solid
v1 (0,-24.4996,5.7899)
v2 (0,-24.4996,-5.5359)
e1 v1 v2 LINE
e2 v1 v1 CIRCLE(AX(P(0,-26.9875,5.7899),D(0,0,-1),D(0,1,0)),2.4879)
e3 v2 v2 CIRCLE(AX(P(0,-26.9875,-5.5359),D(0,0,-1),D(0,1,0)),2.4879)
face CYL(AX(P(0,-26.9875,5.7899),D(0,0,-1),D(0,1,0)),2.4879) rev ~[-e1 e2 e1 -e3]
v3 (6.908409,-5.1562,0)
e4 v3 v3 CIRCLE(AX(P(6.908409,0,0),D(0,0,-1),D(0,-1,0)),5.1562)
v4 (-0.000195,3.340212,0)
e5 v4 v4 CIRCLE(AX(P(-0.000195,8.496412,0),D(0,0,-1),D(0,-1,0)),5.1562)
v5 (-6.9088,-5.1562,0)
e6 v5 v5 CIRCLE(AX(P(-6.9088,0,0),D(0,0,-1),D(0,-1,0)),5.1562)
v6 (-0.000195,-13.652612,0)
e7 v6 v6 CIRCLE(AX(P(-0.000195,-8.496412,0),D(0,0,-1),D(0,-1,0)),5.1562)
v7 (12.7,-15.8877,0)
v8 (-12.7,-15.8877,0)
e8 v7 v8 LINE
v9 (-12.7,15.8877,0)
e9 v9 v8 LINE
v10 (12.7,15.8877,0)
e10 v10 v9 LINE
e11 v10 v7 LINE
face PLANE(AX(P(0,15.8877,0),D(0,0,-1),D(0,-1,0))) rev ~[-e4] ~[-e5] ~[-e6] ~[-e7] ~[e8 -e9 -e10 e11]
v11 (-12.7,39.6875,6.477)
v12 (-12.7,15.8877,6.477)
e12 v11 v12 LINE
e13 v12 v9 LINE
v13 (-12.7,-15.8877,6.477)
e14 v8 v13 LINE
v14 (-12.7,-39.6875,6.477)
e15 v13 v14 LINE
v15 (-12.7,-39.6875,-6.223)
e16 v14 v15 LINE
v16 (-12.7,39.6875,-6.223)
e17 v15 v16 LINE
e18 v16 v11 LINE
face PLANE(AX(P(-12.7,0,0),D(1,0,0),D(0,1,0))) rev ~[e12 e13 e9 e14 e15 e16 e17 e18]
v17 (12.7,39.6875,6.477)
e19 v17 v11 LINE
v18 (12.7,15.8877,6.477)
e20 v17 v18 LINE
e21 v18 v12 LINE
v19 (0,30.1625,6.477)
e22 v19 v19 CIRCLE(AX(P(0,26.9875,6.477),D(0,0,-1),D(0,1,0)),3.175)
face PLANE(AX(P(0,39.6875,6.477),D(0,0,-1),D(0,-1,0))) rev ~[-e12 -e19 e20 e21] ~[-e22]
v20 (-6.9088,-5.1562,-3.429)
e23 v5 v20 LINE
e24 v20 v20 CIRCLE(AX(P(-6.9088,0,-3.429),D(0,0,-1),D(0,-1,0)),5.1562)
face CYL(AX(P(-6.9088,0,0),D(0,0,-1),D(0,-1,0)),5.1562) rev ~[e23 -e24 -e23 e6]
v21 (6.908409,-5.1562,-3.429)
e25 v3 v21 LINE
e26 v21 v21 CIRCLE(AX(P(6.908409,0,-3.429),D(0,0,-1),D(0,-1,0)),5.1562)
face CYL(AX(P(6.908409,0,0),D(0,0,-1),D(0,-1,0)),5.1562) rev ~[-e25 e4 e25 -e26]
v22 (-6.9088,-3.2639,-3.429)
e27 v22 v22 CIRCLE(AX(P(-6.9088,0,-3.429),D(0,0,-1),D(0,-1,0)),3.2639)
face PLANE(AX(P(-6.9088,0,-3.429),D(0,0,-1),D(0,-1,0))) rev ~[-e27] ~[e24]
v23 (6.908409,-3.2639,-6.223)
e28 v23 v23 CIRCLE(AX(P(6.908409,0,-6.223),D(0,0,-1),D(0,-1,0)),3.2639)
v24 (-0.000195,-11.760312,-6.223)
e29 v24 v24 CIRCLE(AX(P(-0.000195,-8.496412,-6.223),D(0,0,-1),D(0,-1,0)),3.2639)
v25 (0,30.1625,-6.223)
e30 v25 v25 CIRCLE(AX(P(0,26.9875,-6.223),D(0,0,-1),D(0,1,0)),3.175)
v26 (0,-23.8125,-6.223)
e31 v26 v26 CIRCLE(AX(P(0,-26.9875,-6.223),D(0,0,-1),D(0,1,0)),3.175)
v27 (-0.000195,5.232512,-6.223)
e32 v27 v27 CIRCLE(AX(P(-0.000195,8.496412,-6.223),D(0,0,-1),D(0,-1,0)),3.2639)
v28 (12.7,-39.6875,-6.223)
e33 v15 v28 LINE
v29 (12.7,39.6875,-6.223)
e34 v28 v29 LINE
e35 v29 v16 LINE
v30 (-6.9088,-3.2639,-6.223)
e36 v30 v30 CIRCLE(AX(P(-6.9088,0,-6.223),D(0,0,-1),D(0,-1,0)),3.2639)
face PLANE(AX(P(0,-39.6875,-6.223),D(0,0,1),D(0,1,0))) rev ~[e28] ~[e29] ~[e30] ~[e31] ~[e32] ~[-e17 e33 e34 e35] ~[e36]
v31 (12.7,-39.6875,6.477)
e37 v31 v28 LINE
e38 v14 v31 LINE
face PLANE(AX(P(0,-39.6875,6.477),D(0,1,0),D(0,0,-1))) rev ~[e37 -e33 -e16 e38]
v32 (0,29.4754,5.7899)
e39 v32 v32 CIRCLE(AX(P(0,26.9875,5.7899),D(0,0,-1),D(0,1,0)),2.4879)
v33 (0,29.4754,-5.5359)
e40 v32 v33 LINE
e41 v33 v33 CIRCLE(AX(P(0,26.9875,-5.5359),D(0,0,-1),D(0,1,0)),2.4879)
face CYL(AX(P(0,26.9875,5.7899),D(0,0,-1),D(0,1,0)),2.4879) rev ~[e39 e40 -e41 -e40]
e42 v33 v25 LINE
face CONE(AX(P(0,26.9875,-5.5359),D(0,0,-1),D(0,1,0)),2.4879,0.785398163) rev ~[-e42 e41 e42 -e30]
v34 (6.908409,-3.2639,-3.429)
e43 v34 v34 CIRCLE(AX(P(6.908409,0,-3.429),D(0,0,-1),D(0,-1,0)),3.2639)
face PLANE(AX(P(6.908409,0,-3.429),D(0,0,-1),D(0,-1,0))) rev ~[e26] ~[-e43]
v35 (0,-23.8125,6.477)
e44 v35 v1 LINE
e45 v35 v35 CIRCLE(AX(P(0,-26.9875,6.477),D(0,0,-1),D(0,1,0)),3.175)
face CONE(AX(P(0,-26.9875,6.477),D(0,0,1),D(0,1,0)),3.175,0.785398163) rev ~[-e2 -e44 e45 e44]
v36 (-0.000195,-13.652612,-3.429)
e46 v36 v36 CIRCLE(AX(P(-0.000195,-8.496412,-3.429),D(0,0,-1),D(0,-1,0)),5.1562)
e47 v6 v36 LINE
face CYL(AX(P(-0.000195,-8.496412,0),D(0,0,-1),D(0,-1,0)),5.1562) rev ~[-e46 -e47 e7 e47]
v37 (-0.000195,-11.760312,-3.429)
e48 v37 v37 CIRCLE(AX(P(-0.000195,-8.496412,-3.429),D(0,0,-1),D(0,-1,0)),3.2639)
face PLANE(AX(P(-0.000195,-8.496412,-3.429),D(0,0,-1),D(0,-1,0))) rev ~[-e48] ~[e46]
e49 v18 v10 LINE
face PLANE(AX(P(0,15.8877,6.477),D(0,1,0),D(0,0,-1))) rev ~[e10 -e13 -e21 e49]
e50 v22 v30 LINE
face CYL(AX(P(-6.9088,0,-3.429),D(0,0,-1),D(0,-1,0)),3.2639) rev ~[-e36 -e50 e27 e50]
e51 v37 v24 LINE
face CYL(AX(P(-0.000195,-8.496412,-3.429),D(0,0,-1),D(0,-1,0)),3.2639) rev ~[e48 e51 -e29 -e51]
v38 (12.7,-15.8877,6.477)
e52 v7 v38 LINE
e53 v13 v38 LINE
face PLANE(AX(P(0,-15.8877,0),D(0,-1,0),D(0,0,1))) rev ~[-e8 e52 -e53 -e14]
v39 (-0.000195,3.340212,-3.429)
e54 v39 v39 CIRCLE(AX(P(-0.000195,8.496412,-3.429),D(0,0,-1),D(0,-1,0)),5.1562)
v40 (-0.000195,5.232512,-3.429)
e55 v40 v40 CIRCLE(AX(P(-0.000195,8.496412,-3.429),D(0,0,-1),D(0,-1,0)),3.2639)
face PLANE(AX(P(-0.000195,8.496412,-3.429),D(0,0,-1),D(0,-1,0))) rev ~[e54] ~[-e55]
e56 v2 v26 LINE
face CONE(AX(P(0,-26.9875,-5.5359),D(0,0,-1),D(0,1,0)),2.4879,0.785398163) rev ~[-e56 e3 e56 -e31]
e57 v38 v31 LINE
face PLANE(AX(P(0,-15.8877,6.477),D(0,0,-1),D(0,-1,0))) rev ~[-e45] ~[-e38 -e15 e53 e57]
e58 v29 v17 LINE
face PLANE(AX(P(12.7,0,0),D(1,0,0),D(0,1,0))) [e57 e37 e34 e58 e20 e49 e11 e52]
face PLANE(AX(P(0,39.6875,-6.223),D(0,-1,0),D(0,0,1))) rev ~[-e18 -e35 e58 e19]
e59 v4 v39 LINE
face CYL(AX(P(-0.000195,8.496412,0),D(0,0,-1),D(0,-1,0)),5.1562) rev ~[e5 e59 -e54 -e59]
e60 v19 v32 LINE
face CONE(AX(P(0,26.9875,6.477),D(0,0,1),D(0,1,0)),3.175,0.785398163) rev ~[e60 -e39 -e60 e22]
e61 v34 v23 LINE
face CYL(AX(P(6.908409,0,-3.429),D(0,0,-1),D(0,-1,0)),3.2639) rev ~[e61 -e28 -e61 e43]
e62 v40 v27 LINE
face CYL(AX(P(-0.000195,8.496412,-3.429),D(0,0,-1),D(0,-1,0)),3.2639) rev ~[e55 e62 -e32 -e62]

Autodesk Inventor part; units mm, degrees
sketch "Sketch_1" plane through (0, 0, 0) normal (1, 0, 0) x (0, 1, 0)
  line L0 (-15.8877, 6.477) -> (-39.6875, 6.477)
  line L1 (-39.6875, 6.477) -> (-39.6875, -6.223)
  line L2 (-39.6875, -6.223) -> (39.6875, -6.223)
  line L3 (39.6875, -6.223) -> (39.6875, 6.477)
  line L4 (39.6875, 6.477) -> (15.8877, 6.477)
  line L5 (15.8877, 6.477) -> (15.8877, 0)
  line L6 (15.8877, 0) -> (-15.8877, 0)
  line L7 (-15.8877, 0) -> (-15.8877, 6.477)
extrude "Extrusion1" add sketch "Sketch_1" along normal mid plane 25.4
sketch "Sketch_2" plane through (0, 0, 0) normal (1, 0, 0) x (0, 1, 0)
  line L0 (26.9875, -6.223) -> (26.9875, 6.477)
  line L1 (26.9875, 6.477) -> (30.1625, 6.477)
  line L2 (30.1625, 6.477) -> (29.4754, 5.7899)
  line L3 (29.4754, 5.7899) -> (29.4754, -5.5359)
  line L4 (29.4754, -5.5359) -> (30.1625, -6.223)
  line L5 (30.1625, -6.223) -> (26.9875, -6.223)
  line L6 (26.9875, -6.223) -> (26.9875, 6.477)
revolve "Revolution1" cut sketch "Sketch_2" angle 360 about axis through (0, 26.9875, -6.223) along (0, 0, -1)
thread "Thread1" size "1/4-20 UNC" class "2B" standard "ANSI Unified Screw Threads" full length
sketch "Sketch_3" plane through (0, 0, 0) normal (1, 0, 0) x (0, 1, 0)
  line L0 (-26.9875, -6.223) -> (-26.9875, 6.477)
  line L1 (-26.9875, 6.477) -> (-23.8125, 6.477)
  line L2 (-23.8125, 6.477) -> (-24.4996, 5.7899)
  line L3 (-24.4996, 5.7899) -> (-24.4996, -5.5359)
  line L4 (-24.4996, -5.5359) -> (-23.8125, -6.223)
  line L5 (-23.8125, -6.223) -> (-26.9875, -6.223)
  line L6 (-26.9875, -6.223) -> (-26.9875, 6.477)
revolve "Revolution2" cut sketch "Sketch_3" angle 360 about axis through (0, -26.9875, -6.223) along (0, 0, -1)
thread "Thread2" size "1/4-20 UNC" class "2B" standard "ANSI Unified Screw Threads" full length
sketch "Sketch4" plane through (-12.7, -15.8877, 0) normal (0, 0, 1) x (1, 0, 0)
  point P0 (5.7912, 15.8877)
hole "Hole1" at (-6.9088, 0, 0) direction (0, 0, -1) diameter 6.5278 depth 6.223 counterbore diameter 10.3124 counterbore depth 3.429
pattern_linear "Rectangular Pattern1" count 2 spacing 10.9507 along (0.6309, 0.7759, 0) count 2 spacing 10.9507 along (0.6309, -0.7759, 0) of "Hole1"
ref_plane "screw1_XY" through (-6.9088, 0, -3.429) normal (0, 0, 1) x (1, 0, 0)
ref_plane "screw1_YZ" through (-6.9088, 0, -3.429) normal (1, 0, 0) x (0, 1, 0)
ref_plane "screw1_ZX" through (-6.9088, 0, -3.429) normal (0, 1, 0) x (0, 0, 1)
ref_plane "screw1_1_XY" through (0, 8.4963, -3.429) normal (0, 0, 1) x (1, 0, 0)
ref_plane "screw1_1_YZ" through (0, 8.4963, -3.429) normal (1, 0, 0) x (0, 1, 0)
ref_plane "screw1_1_ZX" through (0, 8.4963, -3.429) normal (0, 1, 0) x (0, 0, 1)
ref_plane "screw2_XY" through (6.9088, 0, -3.429) normal (0, 0, 1) x (1, 0, 0)
ref_plane "screw2_YZ" through (6.9088, 0, -3.429) normal (1, 0, 0) x (0, 1, 0)
ref_plane "screw2_ZX" through (6.9088, 0, -3.429) normal (0, 1, 0) x (0, 0, 1)
ref_plane "screw2_1_XY" through (0, -8.4963, -3.429) normal (0, 0, 1) x (1, 0, 0)
ref_plane "screw2_1_YZ" through (0, -8.4963, -3.429) normal (1, 0, 0) x (0, 1, 0)
ref_plane "screw2_1_ZX" through (0, -8.4963, -3.429) normal (0, 1, 0) x (0, 0, 1)
ref_plane "to_dummy_XY" through (0, 0, -6.223) normal (0, 0, 1) x (1, 0, 0)
ref_plane "to_dummy_YZ" through (0, 0, -6.223) normal (1, 0, 0) x (0, 1, 0)
ref_plane "to_dummy_ZX" through (0, 0, -6.223) normal (0, 1, 0) x (0, 0, 1)
ref_plane "to_screw1_XY" through (0, 26.9875, 6.477) normal (0, 0, 1) x (1, 0, 0)
ref_plane "to_screw1_YZ" through (0, 26.9875, 6.477) normal (1, 0, 0) x (0, 1, 0)
ref_plane "to_screw1_ZX" through (0, 26.9875, 6.477) normal (0, 1, 0) x (0, 0, 1)
ref_plane "to_screw2_XY" through (0, -26.9875, 6.477) normal (0, 0, 1) x (1, 0, 0)
ref_plane "to_screw2_YZ" through (0, -26.9875, 6.477) normal (1, 0, 0) x (0, 1, 0)
ref_plane "to_screw2_ZX" through (0, -26.9875, 6.477) normal (0, 1, 0) x (0, 0, 1)
properties part number "2750-1_b"
